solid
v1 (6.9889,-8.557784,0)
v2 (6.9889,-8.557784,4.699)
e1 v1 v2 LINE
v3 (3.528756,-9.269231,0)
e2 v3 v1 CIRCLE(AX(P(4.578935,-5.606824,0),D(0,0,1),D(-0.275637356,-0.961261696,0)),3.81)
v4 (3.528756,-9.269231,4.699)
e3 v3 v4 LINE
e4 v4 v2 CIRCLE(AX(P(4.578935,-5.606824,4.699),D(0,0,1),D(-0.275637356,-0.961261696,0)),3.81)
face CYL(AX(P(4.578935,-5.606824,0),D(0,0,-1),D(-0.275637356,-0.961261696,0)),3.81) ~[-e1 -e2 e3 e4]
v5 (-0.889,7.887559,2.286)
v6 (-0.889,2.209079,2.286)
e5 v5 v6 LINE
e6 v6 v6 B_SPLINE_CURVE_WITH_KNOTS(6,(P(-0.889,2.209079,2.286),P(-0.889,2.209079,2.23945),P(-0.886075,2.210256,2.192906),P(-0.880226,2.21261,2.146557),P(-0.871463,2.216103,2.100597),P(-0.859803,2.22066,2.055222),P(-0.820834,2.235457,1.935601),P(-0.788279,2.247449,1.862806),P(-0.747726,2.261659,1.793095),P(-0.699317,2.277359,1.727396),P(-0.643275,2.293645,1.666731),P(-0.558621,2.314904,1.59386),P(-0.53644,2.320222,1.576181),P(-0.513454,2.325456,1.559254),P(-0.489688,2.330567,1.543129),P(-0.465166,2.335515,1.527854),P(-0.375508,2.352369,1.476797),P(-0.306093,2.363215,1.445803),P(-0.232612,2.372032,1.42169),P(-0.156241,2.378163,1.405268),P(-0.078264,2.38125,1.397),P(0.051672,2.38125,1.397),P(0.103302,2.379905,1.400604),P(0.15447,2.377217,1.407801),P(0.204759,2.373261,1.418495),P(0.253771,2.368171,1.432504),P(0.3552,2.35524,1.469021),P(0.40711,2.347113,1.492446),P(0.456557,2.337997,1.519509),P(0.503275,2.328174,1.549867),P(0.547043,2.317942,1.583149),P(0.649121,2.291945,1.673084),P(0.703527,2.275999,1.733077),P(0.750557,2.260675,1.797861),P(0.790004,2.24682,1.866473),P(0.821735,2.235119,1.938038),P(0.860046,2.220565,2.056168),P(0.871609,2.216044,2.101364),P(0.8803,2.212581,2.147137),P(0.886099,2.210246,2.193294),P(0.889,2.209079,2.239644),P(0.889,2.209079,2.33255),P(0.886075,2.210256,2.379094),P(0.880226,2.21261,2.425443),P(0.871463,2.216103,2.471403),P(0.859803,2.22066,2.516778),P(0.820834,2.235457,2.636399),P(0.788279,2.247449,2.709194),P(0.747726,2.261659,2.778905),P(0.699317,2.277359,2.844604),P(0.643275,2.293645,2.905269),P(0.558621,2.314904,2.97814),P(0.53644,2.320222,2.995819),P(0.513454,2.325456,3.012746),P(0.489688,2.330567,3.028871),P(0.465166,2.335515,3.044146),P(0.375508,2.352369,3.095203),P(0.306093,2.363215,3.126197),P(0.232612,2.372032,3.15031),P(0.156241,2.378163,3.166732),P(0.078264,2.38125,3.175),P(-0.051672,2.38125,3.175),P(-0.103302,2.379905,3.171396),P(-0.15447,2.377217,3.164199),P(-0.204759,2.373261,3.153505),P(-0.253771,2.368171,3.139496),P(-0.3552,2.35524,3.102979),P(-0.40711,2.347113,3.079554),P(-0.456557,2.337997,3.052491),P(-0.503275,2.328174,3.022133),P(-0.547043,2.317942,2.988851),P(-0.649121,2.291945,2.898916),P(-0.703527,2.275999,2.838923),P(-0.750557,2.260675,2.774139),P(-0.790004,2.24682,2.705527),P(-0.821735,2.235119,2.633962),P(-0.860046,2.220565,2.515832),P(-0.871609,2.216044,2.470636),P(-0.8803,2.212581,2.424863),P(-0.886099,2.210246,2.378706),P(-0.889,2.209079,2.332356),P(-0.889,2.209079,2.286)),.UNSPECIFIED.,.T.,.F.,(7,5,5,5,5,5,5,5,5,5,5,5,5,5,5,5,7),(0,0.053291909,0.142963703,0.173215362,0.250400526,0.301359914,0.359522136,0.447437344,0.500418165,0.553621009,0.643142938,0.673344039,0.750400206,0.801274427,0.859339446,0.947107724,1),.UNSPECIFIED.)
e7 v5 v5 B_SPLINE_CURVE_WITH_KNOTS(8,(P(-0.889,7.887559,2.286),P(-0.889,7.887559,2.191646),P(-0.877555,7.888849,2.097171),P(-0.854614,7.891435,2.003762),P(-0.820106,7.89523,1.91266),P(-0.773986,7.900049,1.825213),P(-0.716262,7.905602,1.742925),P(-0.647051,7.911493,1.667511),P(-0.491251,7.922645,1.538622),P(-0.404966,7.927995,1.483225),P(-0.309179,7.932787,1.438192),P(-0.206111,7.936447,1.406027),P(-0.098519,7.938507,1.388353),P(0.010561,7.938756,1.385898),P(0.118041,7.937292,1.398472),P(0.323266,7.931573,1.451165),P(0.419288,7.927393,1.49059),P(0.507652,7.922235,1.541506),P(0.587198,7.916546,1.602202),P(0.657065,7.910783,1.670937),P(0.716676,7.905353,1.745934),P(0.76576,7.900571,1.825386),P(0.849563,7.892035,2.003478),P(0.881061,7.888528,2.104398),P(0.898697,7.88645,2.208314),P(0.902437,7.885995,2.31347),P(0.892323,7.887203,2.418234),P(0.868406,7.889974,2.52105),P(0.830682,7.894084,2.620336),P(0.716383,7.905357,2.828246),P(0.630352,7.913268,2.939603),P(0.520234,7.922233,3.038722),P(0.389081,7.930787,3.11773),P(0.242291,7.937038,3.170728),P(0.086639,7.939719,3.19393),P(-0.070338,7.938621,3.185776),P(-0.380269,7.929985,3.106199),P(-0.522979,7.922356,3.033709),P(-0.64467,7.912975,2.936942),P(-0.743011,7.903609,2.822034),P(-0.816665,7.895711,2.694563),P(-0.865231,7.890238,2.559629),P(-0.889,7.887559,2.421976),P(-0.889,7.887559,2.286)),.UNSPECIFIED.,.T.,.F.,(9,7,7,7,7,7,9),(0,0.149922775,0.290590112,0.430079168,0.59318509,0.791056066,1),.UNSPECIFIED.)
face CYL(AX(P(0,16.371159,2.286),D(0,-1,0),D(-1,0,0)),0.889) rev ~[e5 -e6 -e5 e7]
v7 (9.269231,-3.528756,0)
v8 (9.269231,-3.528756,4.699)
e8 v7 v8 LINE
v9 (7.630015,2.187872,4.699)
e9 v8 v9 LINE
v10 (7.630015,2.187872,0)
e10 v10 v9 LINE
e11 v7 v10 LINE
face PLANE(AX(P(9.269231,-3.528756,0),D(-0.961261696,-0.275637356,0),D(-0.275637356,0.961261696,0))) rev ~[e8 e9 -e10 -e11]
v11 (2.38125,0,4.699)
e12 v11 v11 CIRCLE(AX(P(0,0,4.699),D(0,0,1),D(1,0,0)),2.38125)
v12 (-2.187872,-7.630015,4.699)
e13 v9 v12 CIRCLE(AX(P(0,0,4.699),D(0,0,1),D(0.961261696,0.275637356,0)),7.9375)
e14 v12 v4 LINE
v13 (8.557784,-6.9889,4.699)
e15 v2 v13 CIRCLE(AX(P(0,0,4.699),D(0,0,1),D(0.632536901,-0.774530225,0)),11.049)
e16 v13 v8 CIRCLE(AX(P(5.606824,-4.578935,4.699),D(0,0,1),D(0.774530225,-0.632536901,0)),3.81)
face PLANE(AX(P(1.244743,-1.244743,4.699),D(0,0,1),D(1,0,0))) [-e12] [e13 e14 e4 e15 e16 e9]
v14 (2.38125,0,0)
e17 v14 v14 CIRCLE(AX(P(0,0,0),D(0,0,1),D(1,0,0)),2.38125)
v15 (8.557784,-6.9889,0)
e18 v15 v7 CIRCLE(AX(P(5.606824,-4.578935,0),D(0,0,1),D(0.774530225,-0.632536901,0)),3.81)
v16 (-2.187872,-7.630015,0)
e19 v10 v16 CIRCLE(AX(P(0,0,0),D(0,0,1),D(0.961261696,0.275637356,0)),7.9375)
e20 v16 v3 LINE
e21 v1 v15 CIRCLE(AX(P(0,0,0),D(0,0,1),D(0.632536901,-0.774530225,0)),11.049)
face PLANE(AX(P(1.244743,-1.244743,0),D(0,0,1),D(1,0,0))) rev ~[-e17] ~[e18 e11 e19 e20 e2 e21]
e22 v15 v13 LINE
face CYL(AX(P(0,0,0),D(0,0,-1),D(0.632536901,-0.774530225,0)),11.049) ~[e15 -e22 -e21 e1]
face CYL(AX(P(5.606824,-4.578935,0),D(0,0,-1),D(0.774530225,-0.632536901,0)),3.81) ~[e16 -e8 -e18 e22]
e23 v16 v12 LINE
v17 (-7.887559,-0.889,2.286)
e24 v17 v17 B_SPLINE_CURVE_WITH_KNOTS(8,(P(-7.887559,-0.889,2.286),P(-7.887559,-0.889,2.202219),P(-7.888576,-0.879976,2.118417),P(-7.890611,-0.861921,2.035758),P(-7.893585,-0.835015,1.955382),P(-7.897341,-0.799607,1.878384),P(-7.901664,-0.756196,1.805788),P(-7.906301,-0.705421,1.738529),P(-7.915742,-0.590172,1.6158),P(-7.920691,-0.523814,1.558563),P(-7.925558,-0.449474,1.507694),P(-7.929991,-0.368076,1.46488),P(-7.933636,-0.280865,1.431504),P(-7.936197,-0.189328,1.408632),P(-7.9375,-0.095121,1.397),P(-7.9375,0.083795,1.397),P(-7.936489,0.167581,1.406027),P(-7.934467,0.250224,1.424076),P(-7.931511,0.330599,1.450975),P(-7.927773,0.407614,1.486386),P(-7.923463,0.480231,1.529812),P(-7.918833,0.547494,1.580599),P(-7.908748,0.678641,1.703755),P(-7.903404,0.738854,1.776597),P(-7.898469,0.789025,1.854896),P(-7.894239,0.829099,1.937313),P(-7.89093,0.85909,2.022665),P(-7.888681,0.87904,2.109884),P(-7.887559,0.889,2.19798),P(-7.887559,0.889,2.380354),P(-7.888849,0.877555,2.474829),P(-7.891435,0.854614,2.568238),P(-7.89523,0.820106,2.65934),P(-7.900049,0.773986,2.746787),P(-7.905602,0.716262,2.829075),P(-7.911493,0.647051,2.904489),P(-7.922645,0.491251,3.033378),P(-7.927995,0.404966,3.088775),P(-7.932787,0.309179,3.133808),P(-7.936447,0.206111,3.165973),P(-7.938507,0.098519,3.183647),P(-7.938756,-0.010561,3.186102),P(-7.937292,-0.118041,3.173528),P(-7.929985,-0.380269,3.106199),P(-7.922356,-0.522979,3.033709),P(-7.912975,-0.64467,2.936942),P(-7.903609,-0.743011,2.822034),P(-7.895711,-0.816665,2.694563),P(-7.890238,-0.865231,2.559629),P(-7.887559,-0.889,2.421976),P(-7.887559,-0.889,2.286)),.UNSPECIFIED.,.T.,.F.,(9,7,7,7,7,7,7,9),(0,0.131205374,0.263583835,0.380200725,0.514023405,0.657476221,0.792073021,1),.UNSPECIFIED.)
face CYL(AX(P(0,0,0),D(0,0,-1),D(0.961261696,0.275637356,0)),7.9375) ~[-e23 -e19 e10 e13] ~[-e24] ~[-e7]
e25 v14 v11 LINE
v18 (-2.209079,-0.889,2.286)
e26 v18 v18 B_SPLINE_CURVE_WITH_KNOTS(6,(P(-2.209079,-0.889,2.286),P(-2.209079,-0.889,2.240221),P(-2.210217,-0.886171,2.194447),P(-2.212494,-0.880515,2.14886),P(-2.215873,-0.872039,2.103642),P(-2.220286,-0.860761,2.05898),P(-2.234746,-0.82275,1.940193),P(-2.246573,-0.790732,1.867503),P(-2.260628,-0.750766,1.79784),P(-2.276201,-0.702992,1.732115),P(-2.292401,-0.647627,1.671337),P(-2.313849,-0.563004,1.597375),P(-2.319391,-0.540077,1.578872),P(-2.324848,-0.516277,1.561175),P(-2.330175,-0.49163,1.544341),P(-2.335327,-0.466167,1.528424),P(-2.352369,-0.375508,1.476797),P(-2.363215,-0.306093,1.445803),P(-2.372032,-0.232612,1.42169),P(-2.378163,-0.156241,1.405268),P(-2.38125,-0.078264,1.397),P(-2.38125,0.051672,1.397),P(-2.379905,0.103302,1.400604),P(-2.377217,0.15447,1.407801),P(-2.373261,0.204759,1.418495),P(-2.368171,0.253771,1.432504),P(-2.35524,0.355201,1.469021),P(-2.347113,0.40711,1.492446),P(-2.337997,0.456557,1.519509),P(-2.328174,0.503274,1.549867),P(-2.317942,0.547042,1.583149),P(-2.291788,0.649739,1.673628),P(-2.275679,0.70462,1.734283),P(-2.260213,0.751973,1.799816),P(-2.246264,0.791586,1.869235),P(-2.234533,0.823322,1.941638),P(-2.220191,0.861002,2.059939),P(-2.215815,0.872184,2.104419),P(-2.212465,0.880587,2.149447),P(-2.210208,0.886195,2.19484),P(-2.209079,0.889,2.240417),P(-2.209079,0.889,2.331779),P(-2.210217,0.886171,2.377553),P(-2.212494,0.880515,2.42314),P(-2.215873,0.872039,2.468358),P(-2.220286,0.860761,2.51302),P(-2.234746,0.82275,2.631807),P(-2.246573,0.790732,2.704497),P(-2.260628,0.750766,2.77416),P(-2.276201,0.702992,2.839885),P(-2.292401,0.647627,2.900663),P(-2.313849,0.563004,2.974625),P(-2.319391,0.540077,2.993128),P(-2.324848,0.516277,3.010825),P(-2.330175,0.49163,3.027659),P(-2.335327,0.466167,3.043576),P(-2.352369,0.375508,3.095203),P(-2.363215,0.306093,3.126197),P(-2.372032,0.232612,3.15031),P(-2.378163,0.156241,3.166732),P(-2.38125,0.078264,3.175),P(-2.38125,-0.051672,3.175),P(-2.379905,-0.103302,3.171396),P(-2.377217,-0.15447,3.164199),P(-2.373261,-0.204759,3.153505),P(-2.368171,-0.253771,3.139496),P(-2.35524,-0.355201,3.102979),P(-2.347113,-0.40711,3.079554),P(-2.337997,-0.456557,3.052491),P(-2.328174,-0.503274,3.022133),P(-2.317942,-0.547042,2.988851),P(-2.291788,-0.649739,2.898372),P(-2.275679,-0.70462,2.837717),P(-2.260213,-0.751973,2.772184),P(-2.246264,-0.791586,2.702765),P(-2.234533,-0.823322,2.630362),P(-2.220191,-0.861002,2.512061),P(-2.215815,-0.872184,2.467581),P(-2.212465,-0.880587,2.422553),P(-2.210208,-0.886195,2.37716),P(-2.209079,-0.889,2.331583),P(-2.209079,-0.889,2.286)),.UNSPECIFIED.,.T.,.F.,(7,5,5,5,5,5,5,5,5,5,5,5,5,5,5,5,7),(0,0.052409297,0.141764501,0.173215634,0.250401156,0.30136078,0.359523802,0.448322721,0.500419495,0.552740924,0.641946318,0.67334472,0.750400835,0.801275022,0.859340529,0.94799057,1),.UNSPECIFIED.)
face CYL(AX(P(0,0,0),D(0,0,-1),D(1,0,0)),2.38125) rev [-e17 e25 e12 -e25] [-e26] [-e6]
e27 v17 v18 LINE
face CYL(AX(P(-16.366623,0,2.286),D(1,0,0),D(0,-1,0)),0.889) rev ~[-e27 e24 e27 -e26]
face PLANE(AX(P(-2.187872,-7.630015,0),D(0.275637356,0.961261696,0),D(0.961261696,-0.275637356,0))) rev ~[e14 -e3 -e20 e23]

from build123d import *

# Parameters (mm, degrees)
F0_R     = 2.38125
F1_DEPTH = 4.699
F4_D     = 1.778
F4_DEPTH = 8.4790642857
F4_START = 0.3420412
F4_TIP   = 0.5341650903
F7_D     = 1.778
F7_DEPTH = 8.4836
F7_START = 1.0024412
F7_TIP   = 0.5341650903


with BuildPart() as f1:
    # F0 (on Top) → F1 (new body)
    with BuildSketch(Plane.XY):
        with BuildLine():
            Line((9.2692313585, -3.5287562996), (7.6300147115, 2.1878715118))
            ThreePointArc((7.6300147115, 2.1878715118), (-5.6126600757, 5.6126600757), (-2.1878715118, -7.6300147115))
            Line((-2.1878715118, -7.6300147115), (3.5287562996, -9.2692313585))
            ThreePointArc((3.5287562996, -9.2692313585), (5.346264103, -9.3387548259), (6.9889002175, -8.5577844533))
            ThreePointArc((6.9889002175, -8.5577844533), (7.8128228253, -7.8128228253), (8.5577844533, -6.9889002175))
            ThreePointArc((8.5577844533, -6.9889002175), (9.3387548259, -5.346264103), (9.2692313585, -3.5287562996))
        make_face()
        Circle(F0_R, mode=Mode.SUBTRACT)
    extrude(amount=F1_DEPTH)

    # F4
    # its depths count from where the whole tool has entered the part; down to there all is cleared
    with Locations(Plane(origin=(-8.2296, 0, 0), x_dir=(0, 1, 0), z_dir=(-1, 0, 0)).offset(-F4_START)):
        with Locations((0, -2.286)):
            Hole(F4_D / 2, depth=F4_DEPTH)
            with Locations((0, 0, -(F4_DEPTH + F4_TIP / 2))):  # 118° drill point
                Cone(0, F4_D / 2, F4_TIP, mode=Mode.SUBTRACT)

    # F7
    # its depths count from where the whole tool has entered the part; down to there all is cleared
    with Locations(Plane(origin=(0, 8.89, 0), x_dir=(1, 0, 0), z_dir=(0, 1, 0)).offset(-F7_START)):
        with Locations((0, -2.286)):
            Hole(F7_D / 2, depth=F7_DEPTH)
            with Locations((0, 0, -(F7_DEPTH + F7_TIP / 2))):  # 118° drill point
                Cone(0, F7_D / 2, F7_TIP, mode=Mode.SUBTRACT)


solid = f1.part
